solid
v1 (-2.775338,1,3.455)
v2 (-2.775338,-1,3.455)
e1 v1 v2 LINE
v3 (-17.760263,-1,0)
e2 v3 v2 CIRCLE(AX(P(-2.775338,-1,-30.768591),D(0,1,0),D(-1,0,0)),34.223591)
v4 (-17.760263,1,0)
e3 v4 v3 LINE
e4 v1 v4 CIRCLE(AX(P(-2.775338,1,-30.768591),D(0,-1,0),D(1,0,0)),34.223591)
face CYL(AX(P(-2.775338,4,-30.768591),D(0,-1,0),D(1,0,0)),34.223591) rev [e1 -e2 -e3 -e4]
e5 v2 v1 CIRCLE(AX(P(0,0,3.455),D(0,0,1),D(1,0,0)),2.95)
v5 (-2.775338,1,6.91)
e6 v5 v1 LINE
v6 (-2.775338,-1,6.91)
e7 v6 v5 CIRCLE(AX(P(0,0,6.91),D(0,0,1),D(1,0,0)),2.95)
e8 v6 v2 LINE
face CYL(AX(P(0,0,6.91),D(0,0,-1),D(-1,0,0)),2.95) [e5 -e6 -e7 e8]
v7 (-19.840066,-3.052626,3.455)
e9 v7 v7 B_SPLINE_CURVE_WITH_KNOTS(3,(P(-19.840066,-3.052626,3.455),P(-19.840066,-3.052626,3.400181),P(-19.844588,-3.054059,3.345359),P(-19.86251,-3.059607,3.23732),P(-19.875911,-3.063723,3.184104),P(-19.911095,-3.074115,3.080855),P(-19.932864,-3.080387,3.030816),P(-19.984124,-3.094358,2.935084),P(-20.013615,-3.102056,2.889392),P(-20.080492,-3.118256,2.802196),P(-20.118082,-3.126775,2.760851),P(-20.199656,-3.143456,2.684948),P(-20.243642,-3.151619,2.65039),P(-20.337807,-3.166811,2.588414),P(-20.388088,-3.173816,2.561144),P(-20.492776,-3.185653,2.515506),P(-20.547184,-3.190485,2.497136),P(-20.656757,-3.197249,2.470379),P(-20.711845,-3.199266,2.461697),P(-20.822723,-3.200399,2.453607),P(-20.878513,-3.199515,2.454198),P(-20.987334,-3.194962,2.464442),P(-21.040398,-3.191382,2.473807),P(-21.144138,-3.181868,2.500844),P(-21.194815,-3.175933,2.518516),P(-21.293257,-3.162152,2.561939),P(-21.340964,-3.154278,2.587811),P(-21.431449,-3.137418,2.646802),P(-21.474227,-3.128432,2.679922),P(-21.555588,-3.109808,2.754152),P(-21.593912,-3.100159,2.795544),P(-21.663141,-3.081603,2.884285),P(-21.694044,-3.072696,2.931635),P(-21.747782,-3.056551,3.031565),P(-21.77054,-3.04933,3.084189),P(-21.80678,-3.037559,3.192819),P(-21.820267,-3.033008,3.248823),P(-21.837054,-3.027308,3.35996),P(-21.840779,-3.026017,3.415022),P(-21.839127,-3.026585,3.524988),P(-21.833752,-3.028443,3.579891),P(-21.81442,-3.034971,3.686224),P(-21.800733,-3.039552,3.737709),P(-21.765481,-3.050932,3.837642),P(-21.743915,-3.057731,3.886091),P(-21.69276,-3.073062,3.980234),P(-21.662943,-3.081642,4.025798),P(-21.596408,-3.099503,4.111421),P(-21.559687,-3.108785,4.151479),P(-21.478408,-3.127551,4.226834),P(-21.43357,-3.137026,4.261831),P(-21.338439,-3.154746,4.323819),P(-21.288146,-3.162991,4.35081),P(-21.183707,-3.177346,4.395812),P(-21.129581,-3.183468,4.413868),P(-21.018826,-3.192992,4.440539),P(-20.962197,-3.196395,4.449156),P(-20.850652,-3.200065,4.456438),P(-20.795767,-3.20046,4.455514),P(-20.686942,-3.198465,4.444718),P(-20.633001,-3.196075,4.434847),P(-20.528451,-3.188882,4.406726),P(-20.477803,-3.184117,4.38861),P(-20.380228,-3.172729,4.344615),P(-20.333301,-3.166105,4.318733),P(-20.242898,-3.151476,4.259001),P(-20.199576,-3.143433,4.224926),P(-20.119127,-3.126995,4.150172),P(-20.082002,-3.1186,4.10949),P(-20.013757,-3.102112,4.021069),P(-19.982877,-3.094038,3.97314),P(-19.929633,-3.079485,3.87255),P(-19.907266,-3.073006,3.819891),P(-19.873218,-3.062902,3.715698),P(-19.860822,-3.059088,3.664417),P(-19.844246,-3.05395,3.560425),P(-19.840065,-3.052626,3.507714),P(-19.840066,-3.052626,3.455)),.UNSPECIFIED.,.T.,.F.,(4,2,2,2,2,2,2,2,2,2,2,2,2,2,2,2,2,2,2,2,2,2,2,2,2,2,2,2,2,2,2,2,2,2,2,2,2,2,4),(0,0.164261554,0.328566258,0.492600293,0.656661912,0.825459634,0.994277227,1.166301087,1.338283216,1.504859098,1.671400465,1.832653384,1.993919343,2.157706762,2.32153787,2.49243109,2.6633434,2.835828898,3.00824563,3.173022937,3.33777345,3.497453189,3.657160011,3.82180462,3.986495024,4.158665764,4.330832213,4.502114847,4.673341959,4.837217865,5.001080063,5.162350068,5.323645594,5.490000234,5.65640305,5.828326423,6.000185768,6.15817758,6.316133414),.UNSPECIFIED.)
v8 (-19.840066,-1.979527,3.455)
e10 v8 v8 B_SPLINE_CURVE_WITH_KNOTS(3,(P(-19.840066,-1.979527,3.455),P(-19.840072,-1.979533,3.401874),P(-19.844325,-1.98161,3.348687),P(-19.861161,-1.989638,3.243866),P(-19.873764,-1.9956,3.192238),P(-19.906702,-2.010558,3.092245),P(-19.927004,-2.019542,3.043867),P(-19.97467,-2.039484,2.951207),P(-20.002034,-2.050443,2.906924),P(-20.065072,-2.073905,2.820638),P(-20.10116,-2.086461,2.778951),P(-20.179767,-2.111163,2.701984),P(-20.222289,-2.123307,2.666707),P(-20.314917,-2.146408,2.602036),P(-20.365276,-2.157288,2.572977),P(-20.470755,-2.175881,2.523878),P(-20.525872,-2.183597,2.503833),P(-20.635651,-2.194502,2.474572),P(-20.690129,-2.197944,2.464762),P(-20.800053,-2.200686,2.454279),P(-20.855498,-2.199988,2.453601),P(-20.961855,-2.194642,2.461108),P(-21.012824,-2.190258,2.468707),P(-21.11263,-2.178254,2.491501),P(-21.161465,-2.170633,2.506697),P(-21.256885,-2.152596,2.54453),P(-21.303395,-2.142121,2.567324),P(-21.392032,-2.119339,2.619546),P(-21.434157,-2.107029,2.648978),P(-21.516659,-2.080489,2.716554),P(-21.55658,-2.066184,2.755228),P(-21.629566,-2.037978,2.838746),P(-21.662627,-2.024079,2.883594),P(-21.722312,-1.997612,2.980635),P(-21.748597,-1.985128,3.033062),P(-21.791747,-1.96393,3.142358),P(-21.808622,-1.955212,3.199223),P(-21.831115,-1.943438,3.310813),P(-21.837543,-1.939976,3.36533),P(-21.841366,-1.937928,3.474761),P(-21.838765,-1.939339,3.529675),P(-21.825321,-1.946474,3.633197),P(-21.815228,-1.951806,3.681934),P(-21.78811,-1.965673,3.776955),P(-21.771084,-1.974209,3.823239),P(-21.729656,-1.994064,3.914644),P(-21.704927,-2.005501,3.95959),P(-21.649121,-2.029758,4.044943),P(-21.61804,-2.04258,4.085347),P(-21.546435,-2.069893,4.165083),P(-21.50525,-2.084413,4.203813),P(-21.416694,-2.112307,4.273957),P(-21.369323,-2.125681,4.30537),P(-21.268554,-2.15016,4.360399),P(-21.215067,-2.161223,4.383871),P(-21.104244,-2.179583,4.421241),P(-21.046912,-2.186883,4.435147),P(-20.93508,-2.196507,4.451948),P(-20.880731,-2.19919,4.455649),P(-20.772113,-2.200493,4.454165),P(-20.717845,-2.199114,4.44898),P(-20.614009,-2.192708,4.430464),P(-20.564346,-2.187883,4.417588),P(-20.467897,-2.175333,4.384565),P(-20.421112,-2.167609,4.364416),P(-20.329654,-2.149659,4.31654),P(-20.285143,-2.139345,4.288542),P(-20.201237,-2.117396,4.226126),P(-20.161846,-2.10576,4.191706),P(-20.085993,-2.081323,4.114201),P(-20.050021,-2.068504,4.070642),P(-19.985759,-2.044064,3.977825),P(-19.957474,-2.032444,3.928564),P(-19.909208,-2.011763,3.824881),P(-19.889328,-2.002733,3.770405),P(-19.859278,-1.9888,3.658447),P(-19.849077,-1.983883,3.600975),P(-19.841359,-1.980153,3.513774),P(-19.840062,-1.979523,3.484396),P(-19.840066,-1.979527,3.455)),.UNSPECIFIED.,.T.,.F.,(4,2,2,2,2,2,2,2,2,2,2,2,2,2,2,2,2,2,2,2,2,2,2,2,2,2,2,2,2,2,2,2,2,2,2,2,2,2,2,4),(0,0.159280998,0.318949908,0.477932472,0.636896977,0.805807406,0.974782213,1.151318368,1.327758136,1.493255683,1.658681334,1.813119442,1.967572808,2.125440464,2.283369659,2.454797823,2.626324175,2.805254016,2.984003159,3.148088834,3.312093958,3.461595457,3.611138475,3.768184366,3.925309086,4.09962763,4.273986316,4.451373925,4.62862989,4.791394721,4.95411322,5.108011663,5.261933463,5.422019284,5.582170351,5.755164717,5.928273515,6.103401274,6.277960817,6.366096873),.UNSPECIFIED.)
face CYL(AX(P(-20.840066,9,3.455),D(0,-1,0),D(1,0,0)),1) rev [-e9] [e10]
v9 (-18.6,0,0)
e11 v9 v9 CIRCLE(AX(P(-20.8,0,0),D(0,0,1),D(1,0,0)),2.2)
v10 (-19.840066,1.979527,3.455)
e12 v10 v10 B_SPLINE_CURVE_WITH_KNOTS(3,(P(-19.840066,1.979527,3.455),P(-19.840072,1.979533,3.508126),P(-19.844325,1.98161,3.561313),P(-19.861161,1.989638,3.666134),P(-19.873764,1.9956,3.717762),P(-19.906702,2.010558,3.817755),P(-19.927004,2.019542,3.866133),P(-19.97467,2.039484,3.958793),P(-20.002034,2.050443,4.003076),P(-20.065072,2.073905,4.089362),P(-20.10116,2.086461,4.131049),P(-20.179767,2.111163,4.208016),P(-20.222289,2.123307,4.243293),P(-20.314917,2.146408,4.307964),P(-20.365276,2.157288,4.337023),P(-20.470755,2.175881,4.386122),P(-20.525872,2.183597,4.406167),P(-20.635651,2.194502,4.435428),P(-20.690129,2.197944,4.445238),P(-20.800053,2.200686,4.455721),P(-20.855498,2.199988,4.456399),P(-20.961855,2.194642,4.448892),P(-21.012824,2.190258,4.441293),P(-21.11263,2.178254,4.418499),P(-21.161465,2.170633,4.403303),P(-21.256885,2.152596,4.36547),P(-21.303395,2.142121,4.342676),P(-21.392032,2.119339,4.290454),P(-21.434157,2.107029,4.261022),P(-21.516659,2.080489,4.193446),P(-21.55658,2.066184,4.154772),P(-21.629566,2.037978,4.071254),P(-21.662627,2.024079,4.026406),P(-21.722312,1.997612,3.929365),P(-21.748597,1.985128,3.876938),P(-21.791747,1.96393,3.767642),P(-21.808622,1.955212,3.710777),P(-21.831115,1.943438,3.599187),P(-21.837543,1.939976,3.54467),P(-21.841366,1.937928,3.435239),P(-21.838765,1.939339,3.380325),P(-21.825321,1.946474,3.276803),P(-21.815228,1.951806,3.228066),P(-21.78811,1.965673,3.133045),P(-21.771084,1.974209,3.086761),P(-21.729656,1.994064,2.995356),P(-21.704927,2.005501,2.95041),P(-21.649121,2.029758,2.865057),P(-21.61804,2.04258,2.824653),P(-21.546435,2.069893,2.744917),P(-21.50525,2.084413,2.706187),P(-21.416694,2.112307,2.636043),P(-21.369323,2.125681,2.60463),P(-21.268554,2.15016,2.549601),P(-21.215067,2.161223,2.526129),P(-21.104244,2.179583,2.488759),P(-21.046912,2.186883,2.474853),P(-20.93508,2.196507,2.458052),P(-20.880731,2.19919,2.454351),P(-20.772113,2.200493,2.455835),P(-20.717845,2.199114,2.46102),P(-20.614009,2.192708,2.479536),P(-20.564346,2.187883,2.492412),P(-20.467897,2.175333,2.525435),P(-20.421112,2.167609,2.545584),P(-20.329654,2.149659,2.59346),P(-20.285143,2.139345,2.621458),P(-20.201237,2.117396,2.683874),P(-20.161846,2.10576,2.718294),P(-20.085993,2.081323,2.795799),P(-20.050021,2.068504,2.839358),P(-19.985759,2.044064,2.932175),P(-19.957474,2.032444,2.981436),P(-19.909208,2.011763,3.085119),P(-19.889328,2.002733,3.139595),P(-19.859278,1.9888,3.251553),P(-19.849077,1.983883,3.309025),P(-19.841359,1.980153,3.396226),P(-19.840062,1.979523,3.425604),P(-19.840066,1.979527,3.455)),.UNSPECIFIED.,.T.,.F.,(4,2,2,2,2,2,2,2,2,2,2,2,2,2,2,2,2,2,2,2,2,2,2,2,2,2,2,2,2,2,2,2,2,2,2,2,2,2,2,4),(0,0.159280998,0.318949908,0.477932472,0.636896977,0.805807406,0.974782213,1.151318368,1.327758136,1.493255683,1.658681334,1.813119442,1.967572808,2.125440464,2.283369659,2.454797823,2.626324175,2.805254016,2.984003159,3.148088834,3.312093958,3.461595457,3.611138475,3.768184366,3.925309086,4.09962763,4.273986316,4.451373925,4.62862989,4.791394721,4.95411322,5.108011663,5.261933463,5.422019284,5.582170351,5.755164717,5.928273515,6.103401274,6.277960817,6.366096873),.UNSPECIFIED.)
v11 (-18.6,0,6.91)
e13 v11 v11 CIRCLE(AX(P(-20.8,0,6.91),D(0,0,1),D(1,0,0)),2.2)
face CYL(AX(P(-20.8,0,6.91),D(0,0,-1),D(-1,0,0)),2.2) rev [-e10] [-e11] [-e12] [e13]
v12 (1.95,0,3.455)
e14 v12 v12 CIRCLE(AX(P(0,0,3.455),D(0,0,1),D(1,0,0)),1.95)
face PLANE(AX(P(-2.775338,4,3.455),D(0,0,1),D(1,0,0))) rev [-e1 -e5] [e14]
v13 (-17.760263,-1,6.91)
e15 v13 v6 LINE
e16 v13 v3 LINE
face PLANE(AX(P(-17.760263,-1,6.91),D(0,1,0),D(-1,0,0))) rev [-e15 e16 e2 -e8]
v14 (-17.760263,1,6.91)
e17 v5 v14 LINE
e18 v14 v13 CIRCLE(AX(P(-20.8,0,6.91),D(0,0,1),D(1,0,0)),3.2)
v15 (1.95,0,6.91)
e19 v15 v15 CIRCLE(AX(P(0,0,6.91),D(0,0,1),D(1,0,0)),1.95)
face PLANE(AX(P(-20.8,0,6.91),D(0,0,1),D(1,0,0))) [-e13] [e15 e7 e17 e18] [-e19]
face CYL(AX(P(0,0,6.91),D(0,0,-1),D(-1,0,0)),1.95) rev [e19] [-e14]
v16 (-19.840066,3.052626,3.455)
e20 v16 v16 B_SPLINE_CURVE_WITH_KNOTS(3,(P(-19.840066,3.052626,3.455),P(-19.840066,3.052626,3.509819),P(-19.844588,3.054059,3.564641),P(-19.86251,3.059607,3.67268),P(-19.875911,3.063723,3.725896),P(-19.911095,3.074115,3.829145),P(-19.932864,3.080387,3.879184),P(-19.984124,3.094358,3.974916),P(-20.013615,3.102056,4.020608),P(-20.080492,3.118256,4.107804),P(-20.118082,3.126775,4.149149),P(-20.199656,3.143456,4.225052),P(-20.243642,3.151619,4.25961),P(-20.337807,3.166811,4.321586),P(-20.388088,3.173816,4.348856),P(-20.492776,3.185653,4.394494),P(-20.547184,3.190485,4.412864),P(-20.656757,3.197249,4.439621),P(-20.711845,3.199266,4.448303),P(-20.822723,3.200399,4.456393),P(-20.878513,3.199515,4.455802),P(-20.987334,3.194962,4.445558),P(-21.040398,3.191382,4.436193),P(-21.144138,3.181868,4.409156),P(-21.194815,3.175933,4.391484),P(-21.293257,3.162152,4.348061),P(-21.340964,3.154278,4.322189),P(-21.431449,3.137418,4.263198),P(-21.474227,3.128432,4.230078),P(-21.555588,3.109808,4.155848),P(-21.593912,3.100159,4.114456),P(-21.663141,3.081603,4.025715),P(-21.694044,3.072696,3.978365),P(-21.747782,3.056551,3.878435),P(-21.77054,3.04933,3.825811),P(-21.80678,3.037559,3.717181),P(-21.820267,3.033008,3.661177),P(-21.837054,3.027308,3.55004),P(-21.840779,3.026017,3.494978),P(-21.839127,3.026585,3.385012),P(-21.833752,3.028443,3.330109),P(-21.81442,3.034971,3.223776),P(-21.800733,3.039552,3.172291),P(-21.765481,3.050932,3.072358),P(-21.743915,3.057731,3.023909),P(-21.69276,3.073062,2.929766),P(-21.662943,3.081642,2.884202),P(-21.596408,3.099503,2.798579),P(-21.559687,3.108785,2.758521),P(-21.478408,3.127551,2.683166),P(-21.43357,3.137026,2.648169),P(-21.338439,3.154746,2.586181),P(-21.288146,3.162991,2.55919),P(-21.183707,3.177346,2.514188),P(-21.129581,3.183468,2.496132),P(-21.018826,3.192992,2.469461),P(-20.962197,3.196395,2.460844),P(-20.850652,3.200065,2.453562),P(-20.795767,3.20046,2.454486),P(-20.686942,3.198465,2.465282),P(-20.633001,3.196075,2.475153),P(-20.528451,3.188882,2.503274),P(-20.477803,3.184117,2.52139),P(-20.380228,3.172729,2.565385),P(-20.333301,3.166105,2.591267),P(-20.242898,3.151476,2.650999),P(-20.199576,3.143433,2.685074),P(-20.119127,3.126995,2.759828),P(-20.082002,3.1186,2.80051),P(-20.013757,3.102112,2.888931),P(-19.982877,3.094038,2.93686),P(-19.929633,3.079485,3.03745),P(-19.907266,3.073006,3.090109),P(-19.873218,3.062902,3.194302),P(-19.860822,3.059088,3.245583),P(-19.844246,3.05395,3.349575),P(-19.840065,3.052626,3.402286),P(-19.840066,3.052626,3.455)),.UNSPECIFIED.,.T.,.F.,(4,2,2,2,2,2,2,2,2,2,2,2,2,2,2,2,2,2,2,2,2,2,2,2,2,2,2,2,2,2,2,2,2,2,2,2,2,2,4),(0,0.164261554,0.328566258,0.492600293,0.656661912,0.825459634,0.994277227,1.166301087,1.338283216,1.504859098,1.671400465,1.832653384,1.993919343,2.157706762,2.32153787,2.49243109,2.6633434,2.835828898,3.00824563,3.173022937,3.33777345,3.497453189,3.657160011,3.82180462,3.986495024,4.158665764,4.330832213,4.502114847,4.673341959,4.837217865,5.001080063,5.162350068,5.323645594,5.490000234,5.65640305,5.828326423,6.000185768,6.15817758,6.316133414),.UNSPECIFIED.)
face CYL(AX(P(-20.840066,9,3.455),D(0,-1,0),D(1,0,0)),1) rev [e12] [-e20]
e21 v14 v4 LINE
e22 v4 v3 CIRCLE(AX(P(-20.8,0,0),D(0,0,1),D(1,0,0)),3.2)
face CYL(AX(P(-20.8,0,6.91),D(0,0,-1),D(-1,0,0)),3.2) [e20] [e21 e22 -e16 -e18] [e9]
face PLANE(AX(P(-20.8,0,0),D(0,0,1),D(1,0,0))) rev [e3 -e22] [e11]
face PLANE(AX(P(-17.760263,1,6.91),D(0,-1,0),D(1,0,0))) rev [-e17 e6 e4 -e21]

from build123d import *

# Parameters (mm, degrees)
SKETCH1_R              = 1.95
SKETCH1_R_2            = 2.2
MAIN_BODY_DEPTH        = 6.91
SKETCH2_R              = 1
TENDON_HOLE_DEPTH      = 10
MATERIAL_REMOVAL_DEPTH = 5


with BuildPart() as part:
    # Sketch1 → main body (new body)
    with BuildSketch(Plane.XY):
        with BuildLine():
            Line((-17.760263169, -1), (-2.775337817, -1))
            ThreePointArc((-2.775337817, -1), (2.95, 0), (-2.775337817, 1))
            Line((-2.775337817, 1), (-17.760263169, 1))
            ThreePointArc((-17.760263169, 1), (-24, 0), (-17.760263169, -1))
        make_face()
        Circle(SKETCH1_R, mode=Mode.SUBTRACT)
        with Locations((-20.8, 0)):
            Circle(SKETCH1_R_2, mode=Mode.SUBTRACT)
    extrude(amount=MAIN_BODY_DEPTH)

    # Sketch2 → tendon hole (cut, symmetric)
    with BuildSketch(Plane.XZ.offset(1)):
        with Locations((-20.840065792, 3.455)):
            Circle(SKETCH2_R)
    extrude(amount=TENDON_HOLE_DEPTH, both=True, mode=Mode.SUBTRACT)

    # Sketch3 → material removal (cut, symmetric)
    with BuildSketch(Plane.XZ.offset(1)):
        with BuildLine():
            Line((-2.775337817, 3.455), (2.95, 3.455))
            Line((2.95, 3.455), (2.95, 0))
            Line((2.95, 0), (-2.775337817, 0))
            Line((-2.775337817, 0), (-17.760263169, 0))
            ThreePointArc((-17.760263169, 0), (-10.464372425, 2.580066057), (-2.775337817, 3.455))
        make_face()
    extrude(amount=MATERIAL_REMOVAL_DEPTH, both=True, mode=Mode.SUBTRACT)


solid = part.part
